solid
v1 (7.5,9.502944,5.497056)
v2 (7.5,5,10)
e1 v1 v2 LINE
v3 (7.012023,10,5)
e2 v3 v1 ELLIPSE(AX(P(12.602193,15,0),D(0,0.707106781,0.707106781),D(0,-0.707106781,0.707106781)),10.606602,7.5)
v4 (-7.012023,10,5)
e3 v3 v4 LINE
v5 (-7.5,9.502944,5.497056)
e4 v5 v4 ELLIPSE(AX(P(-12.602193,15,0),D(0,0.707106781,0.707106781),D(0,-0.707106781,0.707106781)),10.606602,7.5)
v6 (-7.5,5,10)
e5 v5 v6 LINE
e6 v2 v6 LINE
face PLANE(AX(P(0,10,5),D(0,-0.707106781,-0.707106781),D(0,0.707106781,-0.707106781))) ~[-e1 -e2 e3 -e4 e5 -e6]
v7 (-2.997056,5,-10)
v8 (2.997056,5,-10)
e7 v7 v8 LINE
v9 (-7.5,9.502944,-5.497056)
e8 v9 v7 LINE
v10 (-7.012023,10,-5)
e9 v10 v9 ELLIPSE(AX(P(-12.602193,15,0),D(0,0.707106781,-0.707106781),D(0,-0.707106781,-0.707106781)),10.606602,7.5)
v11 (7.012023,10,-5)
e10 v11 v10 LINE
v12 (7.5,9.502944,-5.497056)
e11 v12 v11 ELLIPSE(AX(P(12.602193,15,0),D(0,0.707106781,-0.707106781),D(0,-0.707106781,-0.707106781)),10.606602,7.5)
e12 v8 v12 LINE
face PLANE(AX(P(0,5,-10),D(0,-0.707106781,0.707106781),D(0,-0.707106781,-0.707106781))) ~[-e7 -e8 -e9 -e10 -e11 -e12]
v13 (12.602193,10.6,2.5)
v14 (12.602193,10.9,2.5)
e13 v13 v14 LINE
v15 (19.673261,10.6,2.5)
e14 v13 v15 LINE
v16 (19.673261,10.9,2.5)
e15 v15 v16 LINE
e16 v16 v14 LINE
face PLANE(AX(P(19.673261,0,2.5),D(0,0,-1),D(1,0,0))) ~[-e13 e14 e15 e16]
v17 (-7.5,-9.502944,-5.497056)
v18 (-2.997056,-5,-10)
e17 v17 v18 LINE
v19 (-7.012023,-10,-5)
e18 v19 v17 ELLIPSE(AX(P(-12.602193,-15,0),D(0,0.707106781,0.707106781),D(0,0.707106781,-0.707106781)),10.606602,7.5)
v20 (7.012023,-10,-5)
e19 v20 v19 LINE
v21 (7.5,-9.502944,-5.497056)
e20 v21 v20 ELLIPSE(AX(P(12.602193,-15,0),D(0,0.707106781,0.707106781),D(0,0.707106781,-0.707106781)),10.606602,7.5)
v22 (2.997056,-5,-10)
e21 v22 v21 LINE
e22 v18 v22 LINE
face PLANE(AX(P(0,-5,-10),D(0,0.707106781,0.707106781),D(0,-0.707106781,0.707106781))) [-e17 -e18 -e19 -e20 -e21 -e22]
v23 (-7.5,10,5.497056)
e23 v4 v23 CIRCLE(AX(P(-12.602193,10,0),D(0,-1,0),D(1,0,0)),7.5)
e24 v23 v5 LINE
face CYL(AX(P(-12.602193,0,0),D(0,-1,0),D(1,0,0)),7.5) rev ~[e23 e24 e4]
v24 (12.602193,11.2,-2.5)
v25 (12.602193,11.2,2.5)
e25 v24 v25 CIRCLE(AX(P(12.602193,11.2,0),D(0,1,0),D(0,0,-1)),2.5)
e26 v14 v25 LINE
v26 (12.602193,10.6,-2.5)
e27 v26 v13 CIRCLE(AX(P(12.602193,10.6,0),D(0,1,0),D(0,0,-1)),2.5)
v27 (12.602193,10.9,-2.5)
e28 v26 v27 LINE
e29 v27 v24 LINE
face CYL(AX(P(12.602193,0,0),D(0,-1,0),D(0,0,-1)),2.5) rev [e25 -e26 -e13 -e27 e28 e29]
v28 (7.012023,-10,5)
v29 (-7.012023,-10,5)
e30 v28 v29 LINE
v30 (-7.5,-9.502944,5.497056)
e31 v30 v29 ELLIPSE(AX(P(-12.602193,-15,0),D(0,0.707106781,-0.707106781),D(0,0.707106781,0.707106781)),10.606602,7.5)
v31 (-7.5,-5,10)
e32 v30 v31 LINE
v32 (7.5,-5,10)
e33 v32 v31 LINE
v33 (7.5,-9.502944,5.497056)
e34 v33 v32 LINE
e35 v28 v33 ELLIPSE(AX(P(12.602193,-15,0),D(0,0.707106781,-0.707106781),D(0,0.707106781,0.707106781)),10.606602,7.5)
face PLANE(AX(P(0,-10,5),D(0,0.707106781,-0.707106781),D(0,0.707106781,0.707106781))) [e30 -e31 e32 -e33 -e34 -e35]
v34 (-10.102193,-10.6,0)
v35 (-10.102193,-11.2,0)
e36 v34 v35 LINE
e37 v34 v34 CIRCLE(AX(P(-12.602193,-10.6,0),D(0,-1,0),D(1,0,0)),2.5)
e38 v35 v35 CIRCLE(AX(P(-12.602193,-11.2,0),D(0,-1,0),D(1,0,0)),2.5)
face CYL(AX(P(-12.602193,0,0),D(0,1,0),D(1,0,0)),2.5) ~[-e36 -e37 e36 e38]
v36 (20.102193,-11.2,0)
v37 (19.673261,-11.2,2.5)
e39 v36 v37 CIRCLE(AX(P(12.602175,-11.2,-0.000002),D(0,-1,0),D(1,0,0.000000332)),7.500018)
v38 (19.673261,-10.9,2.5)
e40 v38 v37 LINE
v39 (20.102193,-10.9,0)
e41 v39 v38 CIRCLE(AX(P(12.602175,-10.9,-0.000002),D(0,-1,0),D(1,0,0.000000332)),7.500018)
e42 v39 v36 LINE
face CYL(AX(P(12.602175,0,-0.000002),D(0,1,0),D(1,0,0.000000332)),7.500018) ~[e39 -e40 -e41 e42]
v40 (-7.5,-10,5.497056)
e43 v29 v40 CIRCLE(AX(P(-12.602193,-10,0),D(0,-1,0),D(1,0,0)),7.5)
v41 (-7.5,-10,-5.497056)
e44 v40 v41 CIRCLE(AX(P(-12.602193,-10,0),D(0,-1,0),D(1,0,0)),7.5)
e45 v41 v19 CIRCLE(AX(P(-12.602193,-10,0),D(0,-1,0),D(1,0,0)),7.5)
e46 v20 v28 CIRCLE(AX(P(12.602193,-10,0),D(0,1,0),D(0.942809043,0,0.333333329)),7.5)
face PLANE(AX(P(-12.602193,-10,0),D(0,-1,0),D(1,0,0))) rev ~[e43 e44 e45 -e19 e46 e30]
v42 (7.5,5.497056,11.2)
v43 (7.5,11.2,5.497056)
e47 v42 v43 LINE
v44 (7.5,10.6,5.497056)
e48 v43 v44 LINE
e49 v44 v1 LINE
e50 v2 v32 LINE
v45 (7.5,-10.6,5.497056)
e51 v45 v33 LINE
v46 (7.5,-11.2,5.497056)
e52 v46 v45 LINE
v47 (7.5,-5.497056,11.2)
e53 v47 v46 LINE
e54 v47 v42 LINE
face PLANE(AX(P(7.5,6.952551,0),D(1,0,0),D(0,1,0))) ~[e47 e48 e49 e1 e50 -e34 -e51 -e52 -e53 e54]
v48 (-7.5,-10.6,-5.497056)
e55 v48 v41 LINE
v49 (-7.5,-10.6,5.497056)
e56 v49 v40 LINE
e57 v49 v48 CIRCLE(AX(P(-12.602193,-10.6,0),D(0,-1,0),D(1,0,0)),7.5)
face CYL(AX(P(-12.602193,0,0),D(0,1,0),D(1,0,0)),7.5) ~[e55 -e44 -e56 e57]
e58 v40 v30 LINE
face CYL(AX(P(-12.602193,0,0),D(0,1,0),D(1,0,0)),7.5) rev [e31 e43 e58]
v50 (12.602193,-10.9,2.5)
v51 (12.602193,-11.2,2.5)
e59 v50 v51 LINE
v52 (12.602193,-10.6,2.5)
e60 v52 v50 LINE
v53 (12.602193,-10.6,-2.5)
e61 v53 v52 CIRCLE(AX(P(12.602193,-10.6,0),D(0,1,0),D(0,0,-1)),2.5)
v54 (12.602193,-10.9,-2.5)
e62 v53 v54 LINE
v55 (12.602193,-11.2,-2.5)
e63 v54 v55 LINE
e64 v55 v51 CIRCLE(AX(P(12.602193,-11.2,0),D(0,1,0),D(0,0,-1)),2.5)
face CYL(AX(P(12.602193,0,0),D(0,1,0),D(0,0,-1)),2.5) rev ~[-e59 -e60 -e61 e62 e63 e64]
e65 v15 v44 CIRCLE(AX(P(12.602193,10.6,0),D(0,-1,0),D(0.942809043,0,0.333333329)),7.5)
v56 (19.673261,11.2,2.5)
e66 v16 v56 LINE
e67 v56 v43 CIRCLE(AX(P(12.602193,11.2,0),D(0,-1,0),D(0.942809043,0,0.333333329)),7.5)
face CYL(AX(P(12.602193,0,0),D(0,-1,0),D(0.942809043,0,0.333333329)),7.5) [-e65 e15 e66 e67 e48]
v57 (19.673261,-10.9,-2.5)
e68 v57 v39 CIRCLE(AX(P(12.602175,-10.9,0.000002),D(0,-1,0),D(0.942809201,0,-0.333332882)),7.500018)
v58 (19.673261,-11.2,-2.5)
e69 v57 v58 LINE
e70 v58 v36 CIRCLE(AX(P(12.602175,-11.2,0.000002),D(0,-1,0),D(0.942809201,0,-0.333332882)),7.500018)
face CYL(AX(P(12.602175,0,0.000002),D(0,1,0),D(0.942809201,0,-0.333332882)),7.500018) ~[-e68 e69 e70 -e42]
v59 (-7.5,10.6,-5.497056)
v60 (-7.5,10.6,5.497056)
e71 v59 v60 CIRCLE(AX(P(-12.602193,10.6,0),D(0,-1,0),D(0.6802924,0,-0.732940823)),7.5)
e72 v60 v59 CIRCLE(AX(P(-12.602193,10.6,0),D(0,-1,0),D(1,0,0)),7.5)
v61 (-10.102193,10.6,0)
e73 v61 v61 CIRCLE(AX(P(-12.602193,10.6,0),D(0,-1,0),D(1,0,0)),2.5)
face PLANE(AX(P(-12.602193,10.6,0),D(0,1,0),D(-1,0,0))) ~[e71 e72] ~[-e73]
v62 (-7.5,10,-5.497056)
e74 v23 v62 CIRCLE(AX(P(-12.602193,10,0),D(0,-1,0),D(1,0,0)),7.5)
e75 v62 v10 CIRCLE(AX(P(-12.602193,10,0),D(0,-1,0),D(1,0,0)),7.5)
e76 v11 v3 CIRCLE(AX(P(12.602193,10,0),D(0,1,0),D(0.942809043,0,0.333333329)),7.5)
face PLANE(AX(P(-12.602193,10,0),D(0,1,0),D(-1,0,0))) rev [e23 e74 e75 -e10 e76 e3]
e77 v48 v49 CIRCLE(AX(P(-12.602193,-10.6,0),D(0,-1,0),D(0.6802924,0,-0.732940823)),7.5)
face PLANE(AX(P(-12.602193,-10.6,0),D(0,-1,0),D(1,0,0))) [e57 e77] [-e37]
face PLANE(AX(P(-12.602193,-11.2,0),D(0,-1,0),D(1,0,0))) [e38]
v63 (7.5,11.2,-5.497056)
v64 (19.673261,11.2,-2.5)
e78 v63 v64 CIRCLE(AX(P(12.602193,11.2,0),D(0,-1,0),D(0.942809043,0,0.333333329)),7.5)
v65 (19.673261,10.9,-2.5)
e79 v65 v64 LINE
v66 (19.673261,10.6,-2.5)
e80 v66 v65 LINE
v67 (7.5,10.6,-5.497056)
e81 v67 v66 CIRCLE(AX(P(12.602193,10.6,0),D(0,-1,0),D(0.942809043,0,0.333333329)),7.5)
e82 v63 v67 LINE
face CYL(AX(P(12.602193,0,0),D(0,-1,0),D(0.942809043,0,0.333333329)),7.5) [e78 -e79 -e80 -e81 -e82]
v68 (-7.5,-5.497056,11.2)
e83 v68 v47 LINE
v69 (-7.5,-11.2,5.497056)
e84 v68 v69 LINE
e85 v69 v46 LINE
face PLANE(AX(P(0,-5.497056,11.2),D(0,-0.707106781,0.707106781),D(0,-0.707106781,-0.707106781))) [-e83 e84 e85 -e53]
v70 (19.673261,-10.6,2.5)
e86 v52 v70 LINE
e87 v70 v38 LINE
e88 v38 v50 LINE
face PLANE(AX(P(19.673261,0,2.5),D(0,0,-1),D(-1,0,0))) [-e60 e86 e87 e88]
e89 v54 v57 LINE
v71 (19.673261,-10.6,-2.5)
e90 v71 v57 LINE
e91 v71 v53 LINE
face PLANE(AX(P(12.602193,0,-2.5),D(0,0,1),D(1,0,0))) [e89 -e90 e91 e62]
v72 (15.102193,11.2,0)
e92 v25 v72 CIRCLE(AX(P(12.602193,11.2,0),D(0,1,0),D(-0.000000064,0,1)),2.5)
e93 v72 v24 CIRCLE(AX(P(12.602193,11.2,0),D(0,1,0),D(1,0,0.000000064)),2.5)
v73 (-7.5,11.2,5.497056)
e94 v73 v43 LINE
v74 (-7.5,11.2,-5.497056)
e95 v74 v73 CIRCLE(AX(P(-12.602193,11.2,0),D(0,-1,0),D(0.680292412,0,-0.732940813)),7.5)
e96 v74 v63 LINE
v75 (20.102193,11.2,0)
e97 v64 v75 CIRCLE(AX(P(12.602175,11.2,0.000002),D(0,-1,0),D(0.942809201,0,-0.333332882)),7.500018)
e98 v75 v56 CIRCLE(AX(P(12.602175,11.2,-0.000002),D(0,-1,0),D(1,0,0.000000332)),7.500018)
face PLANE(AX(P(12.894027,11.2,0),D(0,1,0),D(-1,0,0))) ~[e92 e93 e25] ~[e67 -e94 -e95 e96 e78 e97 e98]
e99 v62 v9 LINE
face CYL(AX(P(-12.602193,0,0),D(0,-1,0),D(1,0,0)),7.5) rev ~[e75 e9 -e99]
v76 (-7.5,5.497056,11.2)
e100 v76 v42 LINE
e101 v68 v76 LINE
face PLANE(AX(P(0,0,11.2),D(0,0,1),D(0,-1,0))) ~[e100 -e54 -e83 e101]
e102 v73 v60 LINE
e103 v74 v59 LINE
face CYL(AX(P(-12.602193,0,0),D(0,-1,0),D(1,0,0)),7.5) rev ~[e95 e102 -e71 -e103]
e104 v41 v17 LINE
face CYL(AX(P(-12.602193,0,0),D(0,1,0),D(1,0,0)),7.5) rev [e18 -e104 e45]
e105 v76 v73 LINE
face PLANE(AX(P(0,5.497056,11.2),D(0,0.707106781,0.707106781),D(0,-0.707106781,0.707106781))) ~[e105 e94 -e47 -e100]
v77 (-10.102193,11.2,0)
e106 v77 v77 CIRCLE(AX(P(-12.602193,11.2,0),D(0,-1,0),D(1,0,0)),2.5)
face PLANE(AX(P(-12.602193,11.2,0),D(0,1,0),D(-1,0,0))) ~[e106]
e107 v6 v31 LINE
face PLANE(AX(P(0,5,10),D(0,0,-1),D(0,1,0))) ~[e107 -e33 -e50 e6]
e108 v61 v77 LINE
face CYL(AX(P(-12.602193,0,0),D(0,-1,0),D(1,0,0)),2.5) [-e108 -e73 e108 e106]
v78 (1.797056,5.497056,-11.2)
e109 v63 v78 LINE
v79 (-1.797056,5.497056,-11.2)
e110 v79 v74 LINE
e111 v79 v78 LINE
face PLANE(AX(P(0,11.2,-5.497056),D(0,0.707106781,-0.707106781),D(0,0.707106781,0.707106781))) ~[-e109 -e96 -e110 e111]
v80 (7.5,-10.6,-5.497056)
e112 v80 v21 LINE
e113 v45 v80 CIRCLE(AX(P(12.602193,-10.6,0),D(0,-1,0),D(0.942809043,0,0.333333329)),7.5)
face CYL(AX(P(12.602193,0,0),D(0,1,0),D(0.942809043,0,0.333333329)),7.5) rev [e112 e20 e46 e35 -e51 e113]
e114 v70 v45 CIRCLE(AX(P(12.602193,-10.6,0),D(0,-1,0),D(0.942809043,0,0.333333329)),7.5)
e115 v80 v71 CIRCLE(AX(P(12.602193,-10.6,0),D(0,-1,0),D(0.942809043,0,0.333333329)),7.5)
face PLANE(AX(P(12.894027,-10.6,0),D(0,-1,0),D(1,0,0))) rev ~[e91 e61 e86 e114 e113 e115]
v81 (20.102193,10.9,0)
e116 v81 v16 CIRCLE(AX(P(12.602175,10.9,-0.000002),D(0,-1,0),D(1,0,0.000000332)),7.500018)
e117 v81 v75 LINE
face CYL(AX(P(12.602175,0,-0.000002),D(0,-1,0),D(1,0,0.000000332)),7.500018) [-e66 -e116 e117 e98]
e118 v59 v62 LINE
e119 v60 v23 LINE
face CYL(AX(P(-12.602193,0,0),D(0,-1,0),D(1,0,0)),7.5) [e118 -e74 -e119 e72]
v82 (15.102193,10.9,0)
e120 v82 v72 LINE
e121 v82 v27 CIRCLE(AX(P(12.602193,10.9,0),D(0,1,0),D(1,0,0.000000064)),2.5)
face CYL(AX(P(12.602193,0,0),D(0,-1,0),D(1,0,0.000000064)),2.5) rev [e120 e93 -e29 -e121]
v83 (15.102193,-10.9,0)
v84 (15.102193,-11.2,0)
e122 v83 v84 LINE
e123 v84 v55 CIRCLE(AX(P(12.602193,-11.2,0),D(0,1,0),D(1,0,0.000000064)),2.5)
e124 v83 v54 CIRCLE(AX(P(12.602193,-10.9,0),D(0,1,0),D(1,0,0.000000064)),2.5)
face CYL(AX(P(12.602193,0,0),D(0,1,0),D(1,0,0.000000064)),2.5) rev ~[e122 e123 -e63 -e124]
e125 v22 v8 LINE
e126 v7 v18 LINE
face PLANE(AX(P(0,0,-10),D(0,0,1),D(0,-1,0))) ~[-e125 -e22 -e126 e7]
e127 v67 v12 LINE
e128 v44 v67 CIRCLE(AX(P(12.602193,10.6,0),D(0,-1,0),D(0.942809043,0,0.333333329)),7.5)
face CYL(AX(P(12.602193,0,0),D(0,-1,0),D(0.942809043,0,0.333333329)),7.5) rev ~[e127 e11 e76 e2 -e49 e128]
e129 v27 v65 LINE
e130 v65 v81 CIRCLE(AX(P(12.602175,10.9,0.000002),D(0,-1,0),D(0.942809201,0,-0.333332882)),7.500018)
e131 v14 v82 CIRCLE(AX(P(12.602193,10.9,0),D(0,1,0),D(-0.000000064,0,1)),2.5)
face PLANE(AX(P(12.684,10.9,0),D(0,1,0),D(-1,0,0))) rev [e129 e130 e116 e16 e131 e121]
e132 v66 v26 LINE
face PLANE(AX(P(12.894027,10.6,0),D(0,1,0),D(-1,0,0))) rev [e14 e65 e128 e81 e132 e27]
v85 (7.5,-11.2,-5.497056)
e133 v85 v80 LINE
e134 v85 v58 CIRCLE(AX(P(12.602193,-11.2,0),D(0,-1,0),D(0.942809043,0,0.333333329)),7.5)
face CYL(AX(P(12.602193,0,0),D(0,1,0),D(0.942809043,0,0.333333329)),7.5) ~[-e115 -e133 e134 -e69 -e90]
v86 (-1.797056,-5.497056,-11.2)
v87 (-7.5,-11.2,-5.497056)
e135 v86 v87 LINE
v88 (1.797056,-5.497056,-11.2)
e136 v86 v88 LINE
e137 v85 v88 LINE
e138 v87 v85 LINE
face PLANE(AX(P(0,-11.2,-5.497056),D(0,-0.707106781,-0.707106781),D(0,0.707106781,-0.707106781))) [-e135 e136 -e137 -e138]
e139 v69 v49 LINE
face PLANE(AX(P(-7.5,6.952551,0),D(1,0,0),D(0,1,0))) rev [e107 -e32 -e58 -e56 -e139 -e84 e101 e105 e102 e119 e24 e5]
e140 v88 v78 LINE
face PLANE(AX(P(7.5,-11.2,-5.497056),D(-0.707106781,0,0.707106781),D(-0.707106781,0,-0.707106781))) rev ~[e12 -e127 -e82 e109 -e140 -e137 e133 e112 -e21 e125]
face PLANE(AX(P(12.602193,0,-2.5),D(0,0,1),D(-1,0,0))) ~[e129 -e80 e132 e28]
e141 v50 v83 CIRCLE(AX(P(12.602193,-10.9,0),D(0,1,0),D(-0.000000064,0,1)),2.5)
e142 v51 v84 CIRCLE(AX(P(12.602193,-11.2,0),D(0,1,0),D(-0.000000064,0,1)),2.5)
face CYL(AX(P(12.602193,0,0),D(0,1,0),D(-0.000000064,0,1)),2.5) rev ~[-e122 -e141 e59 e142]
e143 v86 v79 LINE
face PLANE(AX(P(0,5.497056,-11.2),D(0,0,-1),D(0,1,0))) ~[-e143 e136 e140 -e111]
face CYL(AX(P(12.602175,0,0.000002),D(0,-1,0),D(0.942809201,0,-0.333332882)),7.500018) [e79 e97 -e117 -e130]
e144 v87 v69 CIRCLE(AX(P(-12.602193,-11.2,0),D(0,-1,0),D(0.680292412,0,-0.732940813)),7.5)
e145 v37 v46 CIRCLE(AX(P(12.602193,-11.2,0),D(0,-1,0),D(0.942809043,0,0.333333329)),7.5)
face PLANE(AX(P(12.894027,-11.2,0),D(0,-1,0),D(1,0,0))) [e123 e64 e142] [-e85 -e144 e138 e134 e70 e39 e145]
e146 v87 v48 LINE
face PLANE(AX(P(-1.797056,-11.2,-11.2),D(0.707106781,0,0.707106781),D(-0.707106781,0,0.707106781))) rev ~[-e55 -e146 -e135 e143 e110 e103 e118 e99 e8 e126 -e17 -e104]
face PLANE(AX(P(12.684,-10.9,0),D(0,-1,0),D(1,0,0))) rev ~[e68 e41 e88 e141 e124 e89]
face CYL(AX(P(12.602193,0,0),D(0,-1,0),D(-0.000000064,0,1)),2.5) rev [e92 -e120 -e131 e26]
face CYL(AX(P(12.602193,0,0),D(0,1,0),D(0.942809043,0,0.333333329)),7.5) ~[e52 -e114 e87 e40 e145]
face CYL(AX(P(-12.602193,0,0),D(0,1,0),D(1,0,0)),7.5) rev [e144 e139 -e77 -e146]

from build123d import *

# Parameters (mm, degrees)
F1_DEPTH  = 7.5
F2_R      = 7.5
F2_R_2    = 2.5
F3_DEPTH  = 11.2
F4_DEPTH  = 11.2
F5_DEPTH  = 10.6
F6_DEPTH  = 10.9
F7_DEPTH  = 10.6
F8_DEPTH  = 11.2
F9_DEPTH  = 10
F12_DEPTH = 22.4


with BuildPart() as f1:
    # F0 (on Right) → F1 (new body, symmetric)
    with BuildSketch(Plane.YZ):
        Polygon((-5, 10), (0, 10), (0, 11.2), (-5.497056, 11.2), (-11.2, 5.497056), (-11.2, -5.497056), (-5.497056, -11.2), (0, -11.2), (0, -10), (-5, -10), (-10, -5), (-10, 5), align=None)
    extrude(amount=F1_DEPTH, both=True)

    # F2 (on Front) → F3 (cut)
    with BuildSketch(Plane.XZ):
        with Locations((-12.602193, 0)):
            Circle(F2_R)
        with Locations((-12.602193, 0)):
            Circle(F2_R_2, mode=Mode.SUBTRACT)
        with BuildLine():
            Line((12.602193, 2.5), (19.673261, 2.5))
            ThreePointArc((19.673261, 2.5), (5.102193, 0), (19.673261, -2.5))
            Line((19.673261, -2.5), (12.602193, -2.5))
            ThreePointArc((12.602193, -2.5), (10.102193, 0), (12.602193, 2.5))
        make_face()
    extrude(amount=F3_DEPTH, mode=Mode.SUBTRACT)

    # F2 (on Front) → F4 (join)
    with BuildSketch(Plane.XZ):
        with BuildLine():
            Line((12.602193, 2.5), (19.673261, 2.5))
            ThreePointArc((19.673261, 2.5), (5.102193, 0), (19.673261, -2.5))
            Line((19.673261, -2.5), (12.602193, -2.5))
            ThreePointArc((12.602193, -2.5), (10.102193, 0), (12.602193, 2.5))
        make_face()
        with BuildLine():
            ThreePointArc((19.673261, -2.5), (19.994182, -1.268265), (20.102193, 0))
            ThreePointArc((20.102193, 0), (19.994182, 1.268265), (19.673261, 2.5))
            Line((19.673261, 2.5), (12.602193, 2.5))
            ThreePointArc((12.602193, 2.5), (14.36996, 1.767767), (15.102193, 0))
            ThreePointArc((15.102193, 0), (14.36996, -1.767767), (12.602193, -2.5))
            Line((12.602193, -2.5), (19.673261, -2.5))
        make_face()
    extrude(amount=F4_DEPTH)

    # F2 (on Front) → F5 (cut)
    with BuildSketch(Plane.XZ):
        with BuildLine():
            Line((12.602193, 2.5), (19.673261, 2.5))
            ThreePointArc((19.673261, 2.5), (5.102193, 0), (19.673261, -2.5))
            Line((19.673261, -2.5), (12.602193, -2.5))
            ThreePointArc((12.602193, -2.5), (10.102193, 0), (12.602193, 2.5))
        make_face()
        with BuildLine():
            ThreePointArc((19.673261, -2.5), (19.994182, -1.268265), (20.102193, 0))
            ThreePointArc((20.102193, 0), (19.994182, 1.268265), (19.673261, 2.5))
            Line((19.673261, 2.5), (12.602193, 2.5))
            ThreePointArc((12.602193, 2.5), (14.36996, 1.767767), (15.102193, 0))
            ThreePointArc((15.102193, 0), (14.36996, -1.767767), (12.602193, -2.5))
            Line((12.602193, -2.5), (19.673261, -2.5))
        make_face()
        with BuildLine():
            ThreePointArc((15.102193, 0), (14.36996, 1.767767), (12.602193, 2.5))
            ThreePointArc((12.602193, 2.5), (10.102193, 0), (12.602193, -2.5))
            ThreePointArc((12.602193, -2.5), (14.36996, -1.767767), (15.102193, 0))
        make_face()
    extrude(amount=F5_DEPTH, mode=Mode.SUBTRACT)

    # F2 (on Front) → F6 (cut)
    with BuildSketch(Plane.XZ):
        with BuildLine():
            ThreePointArc((15.102193, 0), (14.36996, 1.767767), (12.602193, 2.5))
            ThreePointArc((12.602193, 2.5), (10.102193, 0), (12.602193, -2.5))
            ThreePointArc((12.602193, -2.5), (14.36996, -1.767767), (15.102193, 0))
        make_face()
        with BuildLine():
            ThreePointArc((19.673261, -2.5), (19.994182, -1.268265), (20.102193, 0))
            ThreePointArc((20.102193, 0), (19.994182, 1.268265), (19.673261, 2.5))
            Line((19.673261, 2.5), (12.602193, 2.5))
            ThreePointArc((12.602193, 2.5), (14.36996, 1.767767), (15.102193, 0))
            ThreePointArc((15.102193, 0), (14.36996, -1.767767), (12.602193, -2.5))
            Line((12.602193, -2.5), (19.673261, -2.5))
        make_face()
    extrude(amount=F6_DEPTH, mode=Mode.SUBTRACT)

    # F2 (on Front) → F7 (join)
    with BuildSketch(Plane.XZ):
        with Locations((-12.602193, 0)):
            Circle(F2_R)
        with Locations((-12.602193, 0)):
            Circle(F2_R_2, mode=Mode.SUBTRACT)
    extrude(amount=F7_DEPTH)

    # F2 (on Front) → F8 (join)
    with BuildSketch(Plane.XZ):
        with Locations((-12.602193, 0)):
            Circle(F2_R_2)
    extrude(amount=F8_DEPTH)

    # F2 (on Front) → F9 (cut)
    with BuildSketch(Plane.XZ):
        with Locations((-12.602193, 0)):
            Circle(F2_R)
        with Locations((-12.602193, 0)):
            Circle(F2_R_2, mode=Mode.SUBTRACT)
        with Locations((-12.602193, 0)):
            Circle(F2_R_2)
    extrude(amount=F9_DEPTH, mode=Mode.SUBTRACT)

    # F10: F1 across plane


with BuildPart() as f1_1:
    add(f1.part)
    add(f1.part.mirror(Plane.XZ))

    # F11 (on face) → F12 (cut)
    with BuildSketch(Plane.XZ.offset(11.2)):
        Polygon((7.5, -11.2), (7.5, -5.497056), (1.797056, -11.2), align=None)
        Polygon((-1.797056, -11.2), (-7.5, -5.497056), (-7.5, -11.2), align=None)
    extrude(amount=-F12_DEPTH, mode=Mode.SUBTRACT)


solid = f1_1.part
